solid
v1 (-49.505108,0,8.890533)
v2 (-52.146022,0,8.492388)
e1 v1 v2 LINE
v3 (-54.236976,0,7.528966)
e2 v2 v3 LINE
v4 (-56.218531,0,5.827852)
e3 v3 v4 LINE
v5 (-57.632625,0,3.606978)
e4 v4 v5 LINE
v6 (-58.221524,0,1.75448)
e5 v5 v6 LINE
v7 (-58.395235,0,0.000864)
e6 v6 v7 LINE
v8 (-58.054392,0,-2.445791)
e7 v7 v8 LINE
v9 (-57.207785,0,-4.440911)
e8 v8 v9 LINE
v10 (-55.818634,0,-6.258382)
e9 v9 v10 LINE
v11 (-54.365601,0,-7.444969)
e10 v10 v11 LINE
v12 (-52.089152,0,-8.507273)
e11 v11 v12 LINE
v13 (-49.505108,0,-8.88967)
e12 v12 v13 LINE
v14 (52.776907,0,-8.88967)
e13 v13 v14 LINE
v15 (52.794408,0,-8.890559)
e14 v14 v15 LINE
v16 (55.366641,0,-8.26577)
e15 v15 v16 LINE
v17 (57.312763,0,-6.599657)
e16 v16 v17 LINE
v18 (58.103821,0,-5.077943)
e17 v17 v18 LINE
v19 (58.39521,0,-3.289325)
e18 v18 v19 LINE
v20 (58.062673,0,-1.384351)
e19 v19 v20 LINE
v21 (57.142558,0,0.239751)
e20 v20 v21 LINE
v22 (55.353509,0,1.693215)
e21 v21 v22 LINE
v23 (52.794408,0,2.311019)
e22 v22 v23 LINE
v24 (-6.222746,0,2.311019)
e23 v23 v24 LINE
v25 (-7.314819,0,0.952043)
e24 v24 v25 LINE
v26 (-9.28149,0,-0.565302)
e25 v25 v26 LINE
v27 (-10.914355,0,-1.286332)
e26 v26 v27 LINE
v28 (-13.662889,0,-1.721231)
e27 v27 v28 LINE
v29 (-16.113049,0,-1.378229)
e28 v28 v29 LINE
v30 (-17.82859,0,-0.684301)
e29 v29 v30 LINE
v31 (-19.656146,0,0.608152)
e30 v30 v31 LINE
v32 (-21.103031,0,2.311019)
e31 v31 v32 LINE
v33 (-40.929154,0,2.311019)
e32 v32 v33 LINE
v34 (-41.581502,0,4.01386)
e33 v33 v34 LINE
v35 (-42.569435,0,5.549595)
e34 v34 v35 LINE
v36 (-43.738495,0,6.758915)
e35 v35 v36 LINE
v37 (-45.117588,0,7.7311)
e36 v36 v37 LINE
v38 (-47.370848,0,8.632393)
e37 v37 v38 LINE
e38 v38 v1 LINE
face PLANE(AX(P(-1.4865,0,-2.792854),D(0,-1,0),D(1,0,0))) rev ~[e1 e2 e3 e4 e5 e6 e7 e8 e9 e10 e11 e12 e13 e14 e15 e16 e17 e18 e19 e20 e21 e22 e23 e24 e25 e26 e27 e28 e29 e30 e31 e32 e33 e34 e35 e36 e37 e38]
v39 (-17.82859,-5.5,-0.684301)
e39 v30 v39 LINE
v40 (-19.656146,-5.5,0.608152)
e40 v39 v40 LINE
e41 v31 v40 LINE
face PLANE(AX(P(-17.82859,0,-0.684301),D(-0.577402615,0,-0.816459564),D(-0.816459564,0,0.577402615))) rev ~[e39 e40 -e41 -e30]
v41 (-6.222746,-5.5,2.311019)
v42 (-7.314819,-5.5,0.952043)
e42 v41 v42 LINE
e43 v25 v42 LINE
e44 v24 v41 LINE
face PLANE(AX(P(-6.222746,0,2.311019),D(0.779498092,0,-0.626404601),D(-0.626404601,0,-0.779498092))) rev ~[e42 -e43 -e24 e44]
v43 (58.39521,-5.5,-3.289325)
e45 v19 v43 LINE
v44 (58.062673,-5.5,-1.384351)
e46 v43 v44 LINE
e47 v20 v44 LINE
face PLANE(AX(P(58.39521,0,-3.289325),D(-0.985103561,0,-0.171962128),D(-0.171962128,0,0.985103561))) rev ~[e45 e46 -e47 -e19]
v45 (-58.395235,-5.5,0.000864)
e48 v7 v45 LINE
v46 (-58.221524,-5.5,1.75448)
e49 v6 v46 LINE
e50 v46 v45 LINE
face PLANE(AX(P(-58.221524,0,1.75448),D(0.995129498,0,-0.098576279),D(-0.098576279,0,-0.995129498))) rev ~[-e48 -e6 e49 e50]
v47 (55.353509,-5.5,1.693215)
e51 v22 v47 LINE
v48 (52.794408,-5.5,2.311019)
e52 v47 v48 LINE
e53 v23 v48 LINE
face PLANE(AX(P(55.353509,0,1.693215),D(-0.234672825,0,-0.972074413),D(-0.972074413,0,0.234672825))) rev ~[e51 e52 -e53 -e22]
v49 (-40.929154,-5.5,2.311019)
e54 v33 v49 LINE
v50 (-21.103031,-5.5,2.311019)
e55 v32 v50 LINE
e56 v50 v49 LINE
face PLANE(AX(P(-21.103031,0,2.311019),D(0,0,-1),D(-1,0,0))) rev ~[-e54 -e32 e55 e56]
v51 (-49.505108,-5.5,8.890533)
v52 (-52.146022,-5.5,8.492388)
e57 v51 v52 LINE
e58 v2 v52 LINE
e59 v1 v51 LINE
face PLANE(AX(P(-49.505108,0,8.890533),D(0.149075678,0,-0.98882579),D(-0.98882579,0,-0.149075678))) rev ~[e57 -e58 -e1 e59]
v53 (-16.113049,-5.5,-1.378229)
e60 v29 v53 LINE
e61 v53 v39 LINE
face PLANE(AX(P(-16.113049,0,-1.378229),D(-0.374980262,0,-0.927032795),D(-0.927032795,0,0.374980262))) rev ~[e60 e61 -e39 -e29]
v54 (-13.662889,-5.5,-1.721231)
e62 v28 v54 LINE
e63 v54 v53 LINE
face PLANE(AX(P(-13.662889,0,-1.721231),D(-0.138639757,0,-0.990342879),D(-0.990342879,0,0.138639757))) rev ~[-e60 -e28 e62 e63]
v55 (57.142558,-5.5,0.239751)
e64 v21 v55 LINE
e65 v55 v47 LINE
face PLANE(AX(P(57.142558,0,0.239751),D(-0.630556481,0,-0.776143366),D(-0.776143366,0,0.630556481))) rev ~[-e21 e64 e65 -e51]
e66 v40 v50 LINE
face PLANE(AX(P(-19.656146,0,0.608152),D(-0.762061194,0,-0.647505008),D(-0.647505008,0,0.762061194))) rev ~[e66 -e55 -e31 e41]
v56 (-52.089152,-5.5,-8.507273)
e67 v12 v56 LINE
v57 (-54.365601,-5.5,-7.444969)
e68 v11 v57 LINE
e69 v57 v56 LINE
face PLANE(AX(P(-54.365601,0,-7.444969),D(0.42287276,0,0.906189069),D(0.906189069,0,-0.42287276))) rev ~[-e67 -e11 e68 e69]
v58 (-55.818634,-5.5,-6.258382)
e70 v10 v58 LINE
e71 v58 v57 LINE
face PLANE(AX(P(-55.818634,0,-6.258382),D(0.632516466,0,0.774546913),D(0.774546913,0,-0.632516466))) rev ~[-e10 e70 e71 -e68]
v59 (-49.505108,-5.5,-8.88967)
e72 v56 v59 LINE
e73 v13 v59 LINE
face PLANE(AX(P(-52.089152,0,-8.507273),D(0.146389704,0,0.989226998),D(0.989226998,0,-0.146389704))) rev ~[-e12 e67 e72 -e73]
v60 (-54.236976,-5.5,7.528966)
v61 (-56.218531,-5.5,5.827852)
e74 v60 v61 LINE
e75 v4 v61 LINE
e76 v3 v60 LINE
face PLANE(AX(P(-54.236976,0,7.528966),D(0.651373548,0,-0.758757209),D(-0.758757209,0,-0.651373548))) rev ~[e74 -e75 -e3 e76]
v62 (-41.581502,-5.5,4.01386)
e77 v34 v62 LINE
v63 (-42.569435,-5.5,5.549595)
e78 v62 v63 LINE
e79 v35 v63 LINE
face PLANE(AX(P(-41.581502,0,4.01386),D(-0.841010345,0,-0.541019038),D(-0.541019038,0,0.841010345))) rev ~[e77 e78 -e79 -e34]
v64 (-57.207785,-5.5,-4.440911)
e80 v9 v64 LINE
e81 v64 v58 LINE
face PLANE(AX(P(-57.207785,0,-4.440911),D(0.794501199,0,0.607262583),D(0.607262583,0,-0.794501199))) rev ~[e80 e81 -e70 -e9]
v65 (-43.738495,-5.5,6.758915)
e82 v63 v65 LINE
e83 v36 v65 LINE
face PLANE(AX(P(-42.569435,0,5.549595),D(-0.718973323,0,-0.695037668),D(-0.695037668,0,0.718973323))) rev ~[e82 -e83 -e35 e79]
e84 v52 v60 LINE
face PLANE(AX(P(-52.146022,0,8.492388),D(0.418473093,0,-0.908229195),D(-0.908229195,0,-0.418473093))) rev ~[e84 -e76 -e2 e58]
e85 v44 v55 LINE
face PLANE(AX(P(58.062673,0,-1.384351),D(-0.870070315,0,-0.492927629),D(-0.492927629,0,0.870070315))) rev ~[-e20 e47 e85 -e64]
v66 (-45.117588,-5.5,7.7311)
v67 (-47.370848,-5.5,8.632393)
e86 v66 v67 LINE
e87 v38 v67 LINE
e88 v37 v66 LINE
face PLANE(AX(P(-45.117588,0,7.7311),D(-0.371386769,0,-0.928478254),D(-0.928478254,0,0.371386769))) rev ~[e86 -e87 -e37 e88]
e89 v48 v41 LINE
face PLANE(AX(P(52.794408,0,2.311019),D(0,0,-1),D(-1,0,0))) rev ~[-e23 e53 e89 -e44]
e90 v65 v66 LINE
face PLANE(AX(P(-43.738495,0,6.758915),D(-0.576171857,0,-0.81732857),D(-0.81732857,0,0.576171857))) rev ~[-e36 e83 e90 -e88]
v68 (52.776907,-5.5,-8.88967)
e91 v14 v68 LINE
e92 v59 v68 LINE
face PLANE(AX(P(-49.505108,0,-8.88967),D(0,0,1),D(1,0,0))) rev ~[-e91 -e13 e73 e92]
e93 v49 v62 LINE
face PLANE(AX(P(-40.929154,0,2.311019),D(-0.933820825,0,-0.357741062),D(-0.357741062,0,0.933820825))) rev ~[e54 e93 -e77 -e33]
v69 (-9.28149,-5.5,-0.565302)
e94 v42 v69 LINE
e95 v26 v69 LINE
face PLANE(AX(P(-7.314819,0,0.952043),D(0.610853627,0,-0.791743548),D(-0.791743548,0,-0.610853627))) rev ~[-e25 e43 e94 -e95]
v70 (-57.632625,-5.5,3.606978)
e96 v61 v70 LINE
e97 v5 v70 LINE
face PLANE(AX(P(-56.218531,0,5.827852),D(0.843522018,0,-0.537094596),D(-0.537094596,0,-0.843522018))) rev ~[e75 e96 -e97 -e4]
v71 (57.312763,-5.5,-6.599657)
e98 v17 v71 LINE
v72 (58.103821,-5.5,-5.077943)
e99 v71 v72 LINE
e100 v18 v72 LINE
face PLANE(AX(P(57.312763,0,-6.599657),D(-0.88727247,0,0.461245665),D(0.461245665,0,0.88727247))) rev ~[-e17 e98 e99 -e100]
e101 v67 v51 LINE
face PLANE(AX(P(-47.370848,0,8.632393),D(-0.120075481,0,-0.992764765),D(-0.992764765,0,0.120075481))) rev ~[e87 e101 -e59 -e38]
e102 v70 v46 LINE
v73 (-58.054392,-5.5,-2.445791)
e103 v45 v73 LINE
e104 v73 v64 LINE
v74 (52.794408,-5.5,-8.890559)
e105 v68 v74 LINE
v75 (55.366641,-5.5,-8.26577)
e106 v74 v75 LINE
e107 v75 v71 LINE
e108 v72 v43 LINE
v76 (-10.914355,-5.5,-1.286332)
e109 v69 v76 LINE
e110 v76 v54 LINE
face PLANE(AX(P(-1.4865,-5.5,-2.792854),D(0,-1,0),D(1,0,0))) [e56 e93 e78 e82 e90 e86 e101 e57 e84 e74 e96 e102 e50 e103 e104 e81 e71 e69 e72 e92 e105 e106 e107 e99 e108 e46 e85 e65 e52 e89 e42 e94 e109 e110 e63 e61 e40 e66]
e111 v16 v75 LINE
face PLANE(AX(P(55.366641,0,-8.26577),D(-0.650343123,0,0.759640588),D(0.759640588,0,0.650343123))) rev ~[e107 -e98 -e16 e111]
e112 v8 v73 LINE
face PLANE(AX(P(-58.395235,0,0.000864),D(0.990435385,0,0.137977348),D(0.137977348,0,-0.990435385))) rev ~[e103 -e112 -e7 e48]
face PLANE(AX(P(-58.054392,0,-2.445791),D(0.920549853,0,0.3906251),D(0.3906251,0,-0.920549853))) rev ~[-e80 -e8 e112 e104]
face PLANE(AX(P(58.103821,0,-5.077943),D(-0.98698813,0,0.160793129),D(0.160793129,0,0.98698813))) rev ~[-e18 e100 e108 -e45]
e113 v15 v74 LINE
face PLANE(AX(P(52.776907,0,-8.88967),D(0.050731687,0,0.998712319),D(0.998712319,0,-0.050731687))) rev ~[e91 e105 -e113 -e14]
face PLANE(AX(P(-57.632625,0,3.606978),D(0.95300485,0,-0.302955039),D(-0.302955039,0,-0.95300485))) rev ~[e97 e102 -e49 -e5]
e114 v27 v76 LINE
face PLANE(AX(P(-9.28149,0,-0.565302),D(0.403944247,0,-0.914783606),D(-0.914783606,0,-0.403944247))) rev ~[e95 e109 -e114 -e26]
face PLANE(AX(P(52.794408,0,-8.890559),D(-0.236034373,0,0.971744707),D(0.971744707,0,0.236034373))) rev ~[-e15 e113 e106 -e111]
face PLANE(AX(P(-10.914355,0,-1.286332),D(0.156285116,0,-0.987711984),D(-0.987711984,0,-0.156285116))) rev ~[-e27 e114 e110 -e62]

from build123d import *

# Parameters (mm, degrees)
F1_DEPTH = 5.5


with BuildPart() as f1:
    # F0 (on Front) → F1 (new body)
    with BuildSketch(Plane.XZ):
        Polygon((55.353509, 1.693215), (52.794408, 2.311019), (-6.222746, 2.311019), (-7.314819, 0.952043), (-9.28149, -0.565302), (-10.914355, -1.286332), (-13.662889, -1.721231), (-16.113049, -1.378229), (-17.82859, -0.684301), (-19.656146, 0.608152), (-21.103031, 2.311019), (-40.929154, 2.311019), (-41.581502, 4.01386), (-42.569435, 5.549595), (-43.738495, 6.758915), (-45.117588, 7.7311), (-47.370848, 8.632393), (-49.505108, 8.890533), (-52.146022, 8.492388), (-54.236976, 7.528966), (-56.218531, 5.827852), (-57.632625, 3.606978), (-58.221524, 1.75448), (-58.395235, 0.000864), (-58.054392, -2.445791), (-57.207785, -4.440911), (-55.818634, -6.258382), (-54.365601, -7.444969), (-52.089152, -8.507273), (-49.505108, -8.88967), (52.776907, -8.88967), (52.794408, -8.890559), (55.366641, -8.26577), (57.312763, -6.599657), (58.103821, -5.077943), (58.39521, -3.289325), (58.062673, -1.384351), (57.142558, 0.239751), align=None)
    extrude(amount=F1_DEPTH)


solid = f1.part
